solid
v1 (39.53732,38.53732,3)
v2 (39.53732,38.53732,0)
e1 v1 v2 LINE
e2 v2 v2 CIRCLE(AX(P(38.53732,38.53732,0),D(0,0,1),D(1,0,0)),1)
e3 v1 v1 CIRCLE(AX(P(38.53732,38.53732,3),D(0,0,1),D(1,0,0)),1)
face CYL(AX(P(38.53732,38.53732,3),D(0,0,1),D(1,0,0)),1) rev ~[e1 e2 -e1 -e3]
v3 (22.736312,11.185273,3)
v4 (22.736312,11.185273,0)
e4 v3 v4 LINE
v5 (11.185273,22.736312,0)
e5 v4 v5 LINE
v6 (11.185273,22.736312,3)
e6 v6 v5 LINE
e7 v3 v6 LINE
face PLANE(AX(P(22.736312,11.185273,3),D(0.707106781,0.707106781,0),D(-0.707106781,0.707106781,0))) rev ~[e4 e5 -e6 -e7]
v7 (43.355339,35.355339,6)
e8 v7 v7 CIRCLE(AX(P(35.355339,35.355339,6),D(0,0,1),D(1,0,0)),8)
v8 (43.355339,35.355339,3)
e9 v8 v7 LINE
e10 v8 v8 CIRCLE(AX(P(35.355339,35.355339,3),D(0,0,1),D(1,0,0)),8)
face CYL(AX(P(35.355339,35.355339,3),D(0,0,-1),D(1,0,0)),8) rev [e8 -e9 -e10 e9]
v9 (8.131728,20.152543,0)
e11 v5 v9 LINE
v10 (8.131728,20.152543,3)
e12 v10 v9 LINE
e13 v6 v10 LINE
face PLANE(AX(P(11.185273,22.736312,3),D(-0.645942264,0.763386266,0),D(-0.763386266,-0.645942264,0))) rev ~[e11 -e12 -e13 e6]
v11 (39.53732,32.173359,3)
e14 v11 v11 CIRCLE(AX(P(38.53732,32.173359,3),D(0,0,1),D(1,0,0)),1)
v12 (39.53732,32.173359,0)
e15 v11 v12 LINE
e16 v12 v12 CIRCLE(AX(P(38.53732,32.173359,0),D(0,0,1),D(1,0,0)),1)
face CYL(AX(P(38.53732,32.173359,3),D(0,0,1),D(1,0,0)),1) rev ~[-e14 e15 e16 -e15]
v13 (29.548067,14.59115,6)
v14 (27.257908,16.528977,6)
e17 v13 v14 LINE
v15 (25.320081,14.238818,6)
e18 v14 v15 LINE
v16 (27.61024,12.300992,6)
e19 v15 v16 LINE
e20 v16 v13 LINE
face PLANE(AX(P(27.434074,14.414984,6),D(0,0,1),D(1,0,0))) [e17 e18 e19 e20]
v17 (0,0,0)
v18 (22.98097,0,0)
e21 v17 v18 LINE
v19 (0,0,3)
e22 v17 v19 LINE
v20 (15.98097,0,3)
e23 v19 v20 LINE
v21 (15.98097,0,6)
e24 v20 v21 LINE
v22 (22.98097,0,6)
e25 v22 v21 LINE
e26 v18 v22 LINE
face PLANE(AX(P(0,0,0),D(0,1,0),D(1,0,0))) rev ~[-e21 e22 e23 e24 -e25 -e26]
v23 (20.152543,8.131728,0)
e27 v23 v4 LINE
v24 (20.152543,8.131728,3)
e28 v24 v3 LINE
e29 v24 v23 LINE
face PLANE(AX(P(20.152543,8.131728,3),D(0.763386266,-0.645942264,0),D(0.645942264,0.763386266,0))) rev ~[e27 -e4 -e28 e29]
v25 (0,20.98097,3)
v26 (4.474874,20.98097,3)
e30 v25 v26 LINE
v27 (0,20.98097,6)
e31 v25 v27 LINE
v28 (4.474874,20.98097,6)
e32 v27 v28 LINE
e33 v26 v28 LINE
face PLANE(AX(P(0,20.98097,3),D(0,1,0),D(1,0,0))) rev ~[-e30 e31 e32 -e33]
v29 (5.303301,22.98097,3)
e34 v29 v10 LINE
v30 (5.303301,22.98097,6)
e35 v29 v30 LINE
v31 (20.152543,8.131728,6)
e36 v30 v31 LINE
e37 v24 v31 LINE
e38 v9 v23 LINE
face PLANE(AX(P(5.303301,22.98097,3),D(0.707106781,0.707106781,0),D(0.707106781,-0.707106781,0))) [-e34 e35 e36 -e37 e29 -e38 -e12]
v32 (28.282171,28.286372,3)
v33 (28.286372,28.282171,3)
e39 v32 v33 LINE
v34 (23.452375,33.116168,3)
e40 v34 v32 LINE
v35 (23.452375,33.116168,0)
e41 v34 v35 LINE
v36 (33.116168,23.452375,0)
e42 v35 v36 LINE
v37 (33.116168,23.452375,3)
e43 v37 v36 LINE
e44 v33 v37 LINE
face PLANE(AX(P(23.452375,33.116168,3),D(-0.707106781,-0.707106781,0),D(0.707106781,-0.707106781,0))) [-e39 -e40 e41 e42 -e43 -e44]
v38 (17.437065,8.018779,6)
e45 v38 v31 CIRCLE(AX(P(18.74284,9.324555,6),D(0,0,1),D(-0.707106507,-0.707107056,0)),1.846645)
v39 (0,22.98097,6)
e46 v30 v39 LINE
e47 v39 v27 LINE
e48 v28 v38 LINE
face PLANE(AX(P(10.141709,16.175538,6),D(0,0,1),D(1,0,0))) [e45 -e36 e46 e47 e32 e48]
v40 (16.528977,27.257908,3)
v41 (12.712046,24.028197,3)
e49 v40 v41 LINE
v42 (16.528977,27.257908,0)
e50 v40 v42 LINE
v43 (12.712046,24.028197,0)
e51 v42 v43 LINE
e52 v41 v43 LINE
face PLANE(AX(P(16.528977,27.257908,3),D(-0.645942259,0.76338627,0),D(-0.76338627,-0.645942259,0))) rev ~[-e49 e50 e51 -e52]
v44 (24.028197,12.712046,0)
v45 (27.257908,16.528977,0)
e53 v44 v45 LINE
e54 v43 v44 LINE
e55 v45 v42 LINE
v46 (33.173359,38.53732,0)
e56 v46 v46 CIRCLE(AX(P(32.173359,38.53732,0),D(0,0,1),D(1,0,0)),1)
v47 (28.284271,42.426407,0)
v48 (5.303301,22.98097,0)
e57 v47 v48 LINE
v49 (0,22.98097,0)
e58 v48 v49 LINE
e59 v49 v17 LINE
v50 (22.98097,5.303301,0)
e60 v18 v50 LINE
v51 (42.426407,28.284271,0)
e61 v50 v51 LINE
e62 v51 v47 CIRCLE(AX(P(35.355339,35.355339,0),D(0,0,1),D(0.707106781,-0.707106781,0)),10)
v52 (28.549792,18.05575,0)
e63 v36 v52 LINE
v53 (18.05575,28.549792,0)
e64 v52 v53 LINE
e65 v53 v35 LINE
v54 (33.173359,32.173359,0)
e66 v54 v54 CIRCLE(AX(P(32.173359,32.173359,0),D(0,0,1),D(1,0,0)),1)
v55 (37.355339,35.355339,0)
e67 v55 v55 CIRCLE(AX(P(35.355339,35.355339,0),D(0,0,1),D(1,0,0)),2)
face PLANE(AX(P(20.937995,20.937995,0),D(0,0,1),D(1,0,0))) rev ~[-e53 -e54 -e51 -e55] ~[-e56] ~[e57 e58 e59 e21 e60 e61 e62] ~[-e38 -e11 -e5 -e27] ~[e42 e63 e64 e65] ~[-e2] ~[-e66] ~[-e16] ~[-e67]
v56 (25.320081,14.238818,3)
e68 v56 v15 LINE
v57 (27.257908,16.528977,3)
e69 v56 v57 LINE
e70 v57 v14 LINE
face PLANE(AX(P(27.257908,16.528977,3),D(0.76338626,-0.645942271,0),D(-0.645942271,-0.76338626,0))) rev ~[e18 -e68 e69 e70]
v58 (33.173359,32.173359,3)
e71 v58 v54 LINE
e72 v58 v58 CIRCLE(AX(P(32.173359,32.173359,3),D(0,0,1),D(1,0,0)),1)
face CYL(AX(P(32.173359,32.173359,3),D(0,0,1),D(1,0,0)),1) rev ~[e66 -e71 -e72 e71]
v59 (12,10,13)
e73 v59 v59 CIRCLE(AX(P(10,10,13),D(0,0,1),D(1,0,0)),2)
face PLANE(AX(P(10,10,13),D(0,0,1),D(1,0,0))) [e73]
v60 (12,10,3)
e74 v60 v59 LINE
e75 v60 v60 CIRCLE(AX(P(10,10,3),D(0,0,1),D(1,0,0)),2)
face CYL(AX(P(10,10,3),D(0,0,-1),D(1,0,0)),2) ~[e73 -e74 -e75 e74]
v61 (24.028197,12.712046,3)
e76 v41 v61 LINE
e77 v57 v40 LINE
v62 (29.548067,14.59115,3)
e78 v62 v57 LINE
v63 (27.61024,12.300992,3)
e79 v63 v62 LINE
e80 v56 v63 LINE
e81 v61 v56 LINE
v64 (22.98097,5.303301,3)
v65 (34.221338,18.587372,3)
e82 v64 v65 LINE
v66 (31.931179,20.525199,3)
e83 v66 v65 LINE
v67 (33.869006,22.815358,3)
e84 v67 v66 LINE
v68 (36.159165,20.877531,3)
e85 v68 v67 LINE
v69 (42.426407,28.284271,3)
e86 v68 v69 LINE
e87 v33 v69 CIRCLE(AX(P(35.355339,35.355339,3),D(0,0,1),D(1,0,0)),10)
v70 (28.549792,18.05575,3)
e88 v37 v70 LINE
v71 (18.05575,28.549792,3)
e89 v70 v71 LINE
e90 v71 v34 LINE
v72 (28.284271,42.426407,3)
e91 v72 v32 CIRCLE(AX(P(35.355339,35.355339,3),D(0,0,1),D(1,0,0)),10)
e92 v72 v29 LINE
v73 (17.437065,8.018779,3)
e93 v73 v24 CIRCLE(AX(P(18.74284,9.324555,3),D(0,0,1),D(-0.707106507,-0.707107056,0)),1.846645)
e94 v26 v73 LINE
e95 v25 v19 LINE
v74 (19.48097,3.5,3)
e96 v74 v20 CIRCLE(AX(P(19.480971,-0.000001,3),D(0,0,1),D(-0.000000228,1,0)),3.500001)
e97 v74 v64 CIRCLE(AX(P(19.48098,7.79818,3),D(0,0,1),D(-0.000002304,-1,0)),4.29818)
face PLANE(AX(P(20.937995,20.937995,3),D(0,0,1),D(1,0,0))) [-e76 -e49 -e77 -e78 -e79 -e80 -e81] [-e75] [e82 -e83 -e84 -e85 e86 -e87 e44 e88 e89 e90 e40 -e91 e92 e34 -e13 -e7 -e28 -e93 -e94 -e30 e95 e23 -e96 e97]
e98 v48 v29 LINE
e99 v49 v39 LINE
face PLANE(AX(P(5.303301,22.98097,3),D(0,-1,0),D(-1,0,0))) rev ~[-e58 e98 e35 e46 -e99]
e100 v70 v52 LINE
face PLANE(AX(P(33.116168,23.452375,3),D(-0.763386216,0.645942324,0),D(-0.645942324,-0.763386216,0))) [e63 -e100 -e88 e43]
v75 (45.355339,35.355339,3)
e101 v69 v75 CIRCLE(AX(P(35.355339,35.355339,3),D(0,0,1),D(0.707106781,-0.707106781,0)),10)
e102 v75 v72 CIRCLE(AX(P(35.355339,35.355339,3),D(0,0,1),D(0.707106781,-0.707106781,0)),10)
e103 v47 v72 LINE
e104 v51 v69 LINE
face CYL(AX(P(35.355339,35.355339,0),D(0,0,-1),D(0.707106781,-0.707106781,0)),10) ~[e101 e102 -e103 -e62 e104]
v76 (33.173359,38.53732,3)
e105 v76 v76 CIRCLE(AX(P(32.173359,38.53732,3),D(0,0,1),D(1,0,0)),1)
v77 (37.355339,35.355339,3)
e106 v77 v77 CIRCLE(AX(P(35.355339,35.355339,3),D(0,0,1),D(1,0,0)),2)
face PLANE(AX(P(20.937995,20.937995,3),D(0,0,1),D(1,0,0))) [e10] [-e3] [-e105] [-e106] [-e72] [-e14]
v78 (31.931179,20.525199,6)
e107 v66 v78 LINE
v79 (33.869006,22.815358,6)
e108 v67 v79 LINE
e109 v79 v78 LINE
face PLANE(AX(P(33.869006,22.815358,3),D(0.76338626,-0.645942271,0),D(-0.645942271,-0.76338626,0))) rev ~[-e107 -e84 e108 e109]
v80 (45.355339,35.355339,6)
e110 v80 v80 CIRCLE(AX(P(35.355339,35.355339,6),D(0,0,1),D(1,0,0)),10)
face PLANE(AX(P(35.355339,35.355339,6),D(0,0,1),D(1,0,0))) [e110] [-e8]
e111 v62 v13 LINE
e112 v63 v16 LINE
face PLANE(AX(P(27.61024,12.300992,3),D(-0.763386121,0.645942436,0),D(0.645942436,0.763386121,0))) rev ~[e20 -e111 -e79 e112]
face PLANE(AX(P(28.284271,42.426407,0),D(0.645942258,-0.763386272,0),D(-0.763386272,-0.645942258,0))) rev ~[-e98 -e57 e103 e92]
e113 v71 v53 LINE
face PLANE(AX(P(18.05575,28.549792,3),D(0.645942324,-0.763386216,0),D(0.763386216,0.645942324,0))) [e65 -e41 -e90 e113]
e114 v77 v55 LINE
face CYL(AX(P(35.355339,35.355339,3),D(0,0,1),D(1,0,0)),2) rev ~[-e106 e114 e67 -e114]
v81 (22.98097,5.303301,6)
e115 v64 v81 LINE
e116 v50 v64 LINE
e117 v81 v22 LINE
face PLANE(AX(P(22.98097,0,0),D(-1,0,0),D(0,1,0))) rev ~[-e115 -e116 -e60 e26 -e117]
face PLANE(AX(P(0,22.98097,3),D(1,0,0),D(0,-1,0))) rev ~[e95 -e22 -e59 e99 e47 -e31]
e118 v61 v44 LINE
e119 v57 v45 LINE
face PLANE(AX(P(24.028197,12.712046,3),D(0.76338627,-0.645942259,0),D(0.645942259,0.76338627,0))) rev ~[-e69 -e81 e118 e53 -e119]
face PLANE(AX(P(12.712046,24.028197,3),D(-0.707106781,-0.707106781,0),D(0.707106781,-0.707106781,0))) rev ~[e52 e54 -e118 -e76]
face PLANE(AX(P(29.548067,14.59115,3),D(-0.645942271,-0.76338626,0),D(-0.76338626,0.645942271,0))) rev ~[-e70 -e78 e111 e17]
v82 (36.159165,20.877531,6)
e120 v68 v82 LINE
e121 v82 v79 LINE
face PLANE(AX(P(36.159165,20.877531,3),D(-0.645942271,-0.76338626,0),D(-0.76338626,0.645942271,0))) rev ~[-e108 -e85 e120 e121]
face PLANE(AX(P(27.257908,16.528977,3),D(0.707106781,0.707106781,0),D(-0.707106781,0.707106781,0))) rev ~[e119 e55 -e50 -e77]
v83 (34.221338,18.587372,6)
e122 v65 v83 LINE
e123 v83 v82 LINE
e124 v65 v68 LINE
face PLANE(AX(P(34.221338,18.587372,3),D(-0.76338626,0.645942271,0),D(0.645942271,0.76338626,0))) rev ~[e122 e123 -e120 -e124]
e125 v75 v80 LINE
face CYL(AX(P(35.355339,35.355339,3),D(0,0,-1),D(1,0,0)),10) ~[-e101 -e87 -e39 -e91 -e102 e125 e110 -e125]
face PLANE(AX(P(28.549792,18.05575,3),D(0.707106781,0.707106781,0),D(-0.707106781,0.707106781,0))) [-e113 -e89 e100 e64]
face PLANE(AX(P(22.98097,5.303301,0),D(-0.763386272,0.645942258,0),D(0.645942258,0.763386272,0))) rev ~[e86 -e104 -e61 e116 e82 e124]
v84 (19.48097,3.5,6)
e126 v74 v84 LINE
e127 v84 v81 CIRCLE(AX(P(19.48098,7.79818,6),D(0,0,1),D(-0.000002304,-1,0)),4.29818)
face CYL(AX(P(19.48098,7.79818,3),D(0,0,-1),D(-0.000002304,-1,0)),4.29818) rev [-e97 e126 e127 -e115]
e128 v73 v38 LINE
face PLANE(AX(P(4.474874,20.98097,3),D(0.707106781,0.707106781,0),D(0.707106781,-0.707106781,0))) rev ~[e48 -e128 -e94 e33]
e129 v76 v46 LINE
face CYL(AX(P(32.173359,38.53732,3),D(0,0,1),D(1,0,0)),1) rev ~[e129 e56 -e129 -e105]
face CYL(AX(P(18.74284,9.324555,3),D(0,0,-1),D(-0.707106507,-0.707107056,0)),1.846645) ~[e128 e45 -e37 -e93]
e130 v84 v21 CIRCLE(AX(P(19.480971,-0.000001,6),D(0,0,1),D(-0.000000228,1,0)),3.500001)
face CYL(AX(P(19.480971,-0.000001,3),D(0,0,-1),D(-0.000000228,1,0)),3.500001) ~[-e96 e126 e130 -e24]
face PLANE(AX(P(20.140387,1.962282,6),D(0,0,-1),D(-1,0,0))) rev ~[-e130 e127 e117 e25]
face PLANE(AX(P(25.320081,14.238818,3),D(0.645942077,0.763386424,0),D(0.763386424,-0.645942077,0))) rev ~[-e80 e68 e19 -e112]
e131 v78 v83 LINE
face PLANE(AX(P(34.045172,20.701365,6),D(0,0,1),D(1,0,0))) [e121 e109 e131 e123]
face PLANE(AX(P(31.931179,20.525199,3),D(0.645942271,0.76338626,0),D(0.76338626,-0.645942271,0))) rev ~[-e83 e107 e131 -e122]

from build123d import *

# Parameters (mm, degrees)
PAD_DEPTH       = 3
SKETCH001_R     = 2
SKETCH001_R_2   = 1
POCKET_DEPTH    = 3
POCKET001_DEPTH = 3
SKETCH003_R     = 10
SKETCH003_R_2   = 8
PAD001_DEPTH    = 3
PAD002_DEPTH    = 3
SKETCH005_R     = 2
PAD003_DEPTH    = 10
PAD004_DEPTH    = 3


with BuildPart() as part:
    # Sketch → Pad (new body)
    with BuildSketch(Plane.XY):
        with BuildLine():
            ThreePointArc((42.426407, 28.284271), (42.426407, 42.426407), (28.284271, 42.426407))
            Line((28.284271, 42.426407), (5.303301, 22.98097))
            Line((5.303301, 22.98097), (0, 22.98097))
            Line((0, 22.98097), (0, 0))
            Line((0, 0), (22.98097, 0))
            Line((22.98097, 0), (22.98097, 5.303301))
            Line((22.98097, 5.303301), (42.426407, 28.284271))
        make_face()
    extrude(amount=PAD_DEPTH)

    # Sketch001 → Pocket (cut)
    with BuildSketch(Plane.XY.offset(3)):
        with Locations((35.355339, 35.355339)):
            Circle(SKETCH001_R)
        with Locations((38.53732, 38.53732)):
            Circle(SKETCH001_R_2)
        with Locations((32.173359, 38.53732)):
            Circle(SKETCH001_R_2)
        with Locations((32.173359, 32.173359)):
            Circle(SKETCH001_R_2)
        with Locations((38.53732, 32.173359)):
            Circle(SKETCH001_R_2)
    extrude(amount=-POCKET_DEPTH, mode=Mode.SUBTRACT)

    # Sketch002 → Pocket001 (cut)
    with BuildSketch(Plane.XY.offset(3)):
        Polygon((23.452375, 33.116168), (33.116168, 23.452375), (28.549792, 18.05575), (18.05575, 28.549792), align=None)
        Polygon((8.131728, 20.152543), (20.152543, 8.131728), (22.736312, 11.185273), (11.185273, 22.736312), align=None)
        Polygon((12.712046, 24.028197), (24.028197, 12.712046), (27.257908, 16.528977), (16.528977, 27.257908), align=None)
    extrude(amount=-POCKET001_DEPTH, mode=Mode.SUBTRACT)

    # Sketch003 → Pad001 (new body)
    with BuildSketch(Plane.XY.offset(3)):
        with Locations((35.355339, 35.355339)):
            Circle(SKETCH003_R)
        with Locations((35.355339, 35.355339)):
            Circle(SKETCH003_R_2, mode=Mode.SUBTRACT)
    extrude(amount=PAD001_DEPTH)

    # Sketch004 → Pad002 (new body)
    with BuildSketch(Plane.XY.offset(3)):
        Polygon((36.159165, 20.877531), (33.869006, 22.815358), (31.931179, 20.525199), (34.221338, 18.587372), align=None)
        Polygon((25.320081, 14.238818), (27.61024, 12.300992), (29.548067, 14.59115), (27.257908, 16.528977), align=None)
    extrude(amount=PAD002_DEPTH)

    # Sketch005 → Pad003 (new body)
    with BuildSketch(Plane.XY.offset(3)):
        with Locations((10, 10)):
            Circle(SKETCH005_R)
    extrude(amount=PAD003_DEPTH)

    # Sketch006 → Pad004 (new body)
    with BuildSketch(Plane.XY.offset(3)):
        with BuildLine():
            Line((5.303301, 22.98097), (0, 22.98097))
            Line((0, 22.98097), (0, 20.98097))
            Line((0, 20.98097), (4.474874, 20.98097))
            Line((4.474874, 20.98097), (17.437065, 8.018779))
            ThreePointArc((17.437065, 8.018779), (18.819584, 7.479505), (20.152543, 8.131728))
            Line((5.303301, 22.98097), (20.152543, 8.131728))
        make_face()
        with BuildLine():
            Line((22.98097, 5.303301), (22.98097, 0))
            Line((22.98097, 0), (20.98097, 0))
            Line((20.98097, 0), (17.98097, 0))
            Line((17.98097, 0), (15.98097, 0))
            ThreePointArc((19.48097, 3.5), (17.006097, 2.474874), (15.98097, 0))
            ThreePointArc((19.48097, 3.5), (21.449594, 3.977328), (22.98097, 5.303301))
        make_face()
    extrude(amount=PAD004_DEPTH)


solid = part.part
